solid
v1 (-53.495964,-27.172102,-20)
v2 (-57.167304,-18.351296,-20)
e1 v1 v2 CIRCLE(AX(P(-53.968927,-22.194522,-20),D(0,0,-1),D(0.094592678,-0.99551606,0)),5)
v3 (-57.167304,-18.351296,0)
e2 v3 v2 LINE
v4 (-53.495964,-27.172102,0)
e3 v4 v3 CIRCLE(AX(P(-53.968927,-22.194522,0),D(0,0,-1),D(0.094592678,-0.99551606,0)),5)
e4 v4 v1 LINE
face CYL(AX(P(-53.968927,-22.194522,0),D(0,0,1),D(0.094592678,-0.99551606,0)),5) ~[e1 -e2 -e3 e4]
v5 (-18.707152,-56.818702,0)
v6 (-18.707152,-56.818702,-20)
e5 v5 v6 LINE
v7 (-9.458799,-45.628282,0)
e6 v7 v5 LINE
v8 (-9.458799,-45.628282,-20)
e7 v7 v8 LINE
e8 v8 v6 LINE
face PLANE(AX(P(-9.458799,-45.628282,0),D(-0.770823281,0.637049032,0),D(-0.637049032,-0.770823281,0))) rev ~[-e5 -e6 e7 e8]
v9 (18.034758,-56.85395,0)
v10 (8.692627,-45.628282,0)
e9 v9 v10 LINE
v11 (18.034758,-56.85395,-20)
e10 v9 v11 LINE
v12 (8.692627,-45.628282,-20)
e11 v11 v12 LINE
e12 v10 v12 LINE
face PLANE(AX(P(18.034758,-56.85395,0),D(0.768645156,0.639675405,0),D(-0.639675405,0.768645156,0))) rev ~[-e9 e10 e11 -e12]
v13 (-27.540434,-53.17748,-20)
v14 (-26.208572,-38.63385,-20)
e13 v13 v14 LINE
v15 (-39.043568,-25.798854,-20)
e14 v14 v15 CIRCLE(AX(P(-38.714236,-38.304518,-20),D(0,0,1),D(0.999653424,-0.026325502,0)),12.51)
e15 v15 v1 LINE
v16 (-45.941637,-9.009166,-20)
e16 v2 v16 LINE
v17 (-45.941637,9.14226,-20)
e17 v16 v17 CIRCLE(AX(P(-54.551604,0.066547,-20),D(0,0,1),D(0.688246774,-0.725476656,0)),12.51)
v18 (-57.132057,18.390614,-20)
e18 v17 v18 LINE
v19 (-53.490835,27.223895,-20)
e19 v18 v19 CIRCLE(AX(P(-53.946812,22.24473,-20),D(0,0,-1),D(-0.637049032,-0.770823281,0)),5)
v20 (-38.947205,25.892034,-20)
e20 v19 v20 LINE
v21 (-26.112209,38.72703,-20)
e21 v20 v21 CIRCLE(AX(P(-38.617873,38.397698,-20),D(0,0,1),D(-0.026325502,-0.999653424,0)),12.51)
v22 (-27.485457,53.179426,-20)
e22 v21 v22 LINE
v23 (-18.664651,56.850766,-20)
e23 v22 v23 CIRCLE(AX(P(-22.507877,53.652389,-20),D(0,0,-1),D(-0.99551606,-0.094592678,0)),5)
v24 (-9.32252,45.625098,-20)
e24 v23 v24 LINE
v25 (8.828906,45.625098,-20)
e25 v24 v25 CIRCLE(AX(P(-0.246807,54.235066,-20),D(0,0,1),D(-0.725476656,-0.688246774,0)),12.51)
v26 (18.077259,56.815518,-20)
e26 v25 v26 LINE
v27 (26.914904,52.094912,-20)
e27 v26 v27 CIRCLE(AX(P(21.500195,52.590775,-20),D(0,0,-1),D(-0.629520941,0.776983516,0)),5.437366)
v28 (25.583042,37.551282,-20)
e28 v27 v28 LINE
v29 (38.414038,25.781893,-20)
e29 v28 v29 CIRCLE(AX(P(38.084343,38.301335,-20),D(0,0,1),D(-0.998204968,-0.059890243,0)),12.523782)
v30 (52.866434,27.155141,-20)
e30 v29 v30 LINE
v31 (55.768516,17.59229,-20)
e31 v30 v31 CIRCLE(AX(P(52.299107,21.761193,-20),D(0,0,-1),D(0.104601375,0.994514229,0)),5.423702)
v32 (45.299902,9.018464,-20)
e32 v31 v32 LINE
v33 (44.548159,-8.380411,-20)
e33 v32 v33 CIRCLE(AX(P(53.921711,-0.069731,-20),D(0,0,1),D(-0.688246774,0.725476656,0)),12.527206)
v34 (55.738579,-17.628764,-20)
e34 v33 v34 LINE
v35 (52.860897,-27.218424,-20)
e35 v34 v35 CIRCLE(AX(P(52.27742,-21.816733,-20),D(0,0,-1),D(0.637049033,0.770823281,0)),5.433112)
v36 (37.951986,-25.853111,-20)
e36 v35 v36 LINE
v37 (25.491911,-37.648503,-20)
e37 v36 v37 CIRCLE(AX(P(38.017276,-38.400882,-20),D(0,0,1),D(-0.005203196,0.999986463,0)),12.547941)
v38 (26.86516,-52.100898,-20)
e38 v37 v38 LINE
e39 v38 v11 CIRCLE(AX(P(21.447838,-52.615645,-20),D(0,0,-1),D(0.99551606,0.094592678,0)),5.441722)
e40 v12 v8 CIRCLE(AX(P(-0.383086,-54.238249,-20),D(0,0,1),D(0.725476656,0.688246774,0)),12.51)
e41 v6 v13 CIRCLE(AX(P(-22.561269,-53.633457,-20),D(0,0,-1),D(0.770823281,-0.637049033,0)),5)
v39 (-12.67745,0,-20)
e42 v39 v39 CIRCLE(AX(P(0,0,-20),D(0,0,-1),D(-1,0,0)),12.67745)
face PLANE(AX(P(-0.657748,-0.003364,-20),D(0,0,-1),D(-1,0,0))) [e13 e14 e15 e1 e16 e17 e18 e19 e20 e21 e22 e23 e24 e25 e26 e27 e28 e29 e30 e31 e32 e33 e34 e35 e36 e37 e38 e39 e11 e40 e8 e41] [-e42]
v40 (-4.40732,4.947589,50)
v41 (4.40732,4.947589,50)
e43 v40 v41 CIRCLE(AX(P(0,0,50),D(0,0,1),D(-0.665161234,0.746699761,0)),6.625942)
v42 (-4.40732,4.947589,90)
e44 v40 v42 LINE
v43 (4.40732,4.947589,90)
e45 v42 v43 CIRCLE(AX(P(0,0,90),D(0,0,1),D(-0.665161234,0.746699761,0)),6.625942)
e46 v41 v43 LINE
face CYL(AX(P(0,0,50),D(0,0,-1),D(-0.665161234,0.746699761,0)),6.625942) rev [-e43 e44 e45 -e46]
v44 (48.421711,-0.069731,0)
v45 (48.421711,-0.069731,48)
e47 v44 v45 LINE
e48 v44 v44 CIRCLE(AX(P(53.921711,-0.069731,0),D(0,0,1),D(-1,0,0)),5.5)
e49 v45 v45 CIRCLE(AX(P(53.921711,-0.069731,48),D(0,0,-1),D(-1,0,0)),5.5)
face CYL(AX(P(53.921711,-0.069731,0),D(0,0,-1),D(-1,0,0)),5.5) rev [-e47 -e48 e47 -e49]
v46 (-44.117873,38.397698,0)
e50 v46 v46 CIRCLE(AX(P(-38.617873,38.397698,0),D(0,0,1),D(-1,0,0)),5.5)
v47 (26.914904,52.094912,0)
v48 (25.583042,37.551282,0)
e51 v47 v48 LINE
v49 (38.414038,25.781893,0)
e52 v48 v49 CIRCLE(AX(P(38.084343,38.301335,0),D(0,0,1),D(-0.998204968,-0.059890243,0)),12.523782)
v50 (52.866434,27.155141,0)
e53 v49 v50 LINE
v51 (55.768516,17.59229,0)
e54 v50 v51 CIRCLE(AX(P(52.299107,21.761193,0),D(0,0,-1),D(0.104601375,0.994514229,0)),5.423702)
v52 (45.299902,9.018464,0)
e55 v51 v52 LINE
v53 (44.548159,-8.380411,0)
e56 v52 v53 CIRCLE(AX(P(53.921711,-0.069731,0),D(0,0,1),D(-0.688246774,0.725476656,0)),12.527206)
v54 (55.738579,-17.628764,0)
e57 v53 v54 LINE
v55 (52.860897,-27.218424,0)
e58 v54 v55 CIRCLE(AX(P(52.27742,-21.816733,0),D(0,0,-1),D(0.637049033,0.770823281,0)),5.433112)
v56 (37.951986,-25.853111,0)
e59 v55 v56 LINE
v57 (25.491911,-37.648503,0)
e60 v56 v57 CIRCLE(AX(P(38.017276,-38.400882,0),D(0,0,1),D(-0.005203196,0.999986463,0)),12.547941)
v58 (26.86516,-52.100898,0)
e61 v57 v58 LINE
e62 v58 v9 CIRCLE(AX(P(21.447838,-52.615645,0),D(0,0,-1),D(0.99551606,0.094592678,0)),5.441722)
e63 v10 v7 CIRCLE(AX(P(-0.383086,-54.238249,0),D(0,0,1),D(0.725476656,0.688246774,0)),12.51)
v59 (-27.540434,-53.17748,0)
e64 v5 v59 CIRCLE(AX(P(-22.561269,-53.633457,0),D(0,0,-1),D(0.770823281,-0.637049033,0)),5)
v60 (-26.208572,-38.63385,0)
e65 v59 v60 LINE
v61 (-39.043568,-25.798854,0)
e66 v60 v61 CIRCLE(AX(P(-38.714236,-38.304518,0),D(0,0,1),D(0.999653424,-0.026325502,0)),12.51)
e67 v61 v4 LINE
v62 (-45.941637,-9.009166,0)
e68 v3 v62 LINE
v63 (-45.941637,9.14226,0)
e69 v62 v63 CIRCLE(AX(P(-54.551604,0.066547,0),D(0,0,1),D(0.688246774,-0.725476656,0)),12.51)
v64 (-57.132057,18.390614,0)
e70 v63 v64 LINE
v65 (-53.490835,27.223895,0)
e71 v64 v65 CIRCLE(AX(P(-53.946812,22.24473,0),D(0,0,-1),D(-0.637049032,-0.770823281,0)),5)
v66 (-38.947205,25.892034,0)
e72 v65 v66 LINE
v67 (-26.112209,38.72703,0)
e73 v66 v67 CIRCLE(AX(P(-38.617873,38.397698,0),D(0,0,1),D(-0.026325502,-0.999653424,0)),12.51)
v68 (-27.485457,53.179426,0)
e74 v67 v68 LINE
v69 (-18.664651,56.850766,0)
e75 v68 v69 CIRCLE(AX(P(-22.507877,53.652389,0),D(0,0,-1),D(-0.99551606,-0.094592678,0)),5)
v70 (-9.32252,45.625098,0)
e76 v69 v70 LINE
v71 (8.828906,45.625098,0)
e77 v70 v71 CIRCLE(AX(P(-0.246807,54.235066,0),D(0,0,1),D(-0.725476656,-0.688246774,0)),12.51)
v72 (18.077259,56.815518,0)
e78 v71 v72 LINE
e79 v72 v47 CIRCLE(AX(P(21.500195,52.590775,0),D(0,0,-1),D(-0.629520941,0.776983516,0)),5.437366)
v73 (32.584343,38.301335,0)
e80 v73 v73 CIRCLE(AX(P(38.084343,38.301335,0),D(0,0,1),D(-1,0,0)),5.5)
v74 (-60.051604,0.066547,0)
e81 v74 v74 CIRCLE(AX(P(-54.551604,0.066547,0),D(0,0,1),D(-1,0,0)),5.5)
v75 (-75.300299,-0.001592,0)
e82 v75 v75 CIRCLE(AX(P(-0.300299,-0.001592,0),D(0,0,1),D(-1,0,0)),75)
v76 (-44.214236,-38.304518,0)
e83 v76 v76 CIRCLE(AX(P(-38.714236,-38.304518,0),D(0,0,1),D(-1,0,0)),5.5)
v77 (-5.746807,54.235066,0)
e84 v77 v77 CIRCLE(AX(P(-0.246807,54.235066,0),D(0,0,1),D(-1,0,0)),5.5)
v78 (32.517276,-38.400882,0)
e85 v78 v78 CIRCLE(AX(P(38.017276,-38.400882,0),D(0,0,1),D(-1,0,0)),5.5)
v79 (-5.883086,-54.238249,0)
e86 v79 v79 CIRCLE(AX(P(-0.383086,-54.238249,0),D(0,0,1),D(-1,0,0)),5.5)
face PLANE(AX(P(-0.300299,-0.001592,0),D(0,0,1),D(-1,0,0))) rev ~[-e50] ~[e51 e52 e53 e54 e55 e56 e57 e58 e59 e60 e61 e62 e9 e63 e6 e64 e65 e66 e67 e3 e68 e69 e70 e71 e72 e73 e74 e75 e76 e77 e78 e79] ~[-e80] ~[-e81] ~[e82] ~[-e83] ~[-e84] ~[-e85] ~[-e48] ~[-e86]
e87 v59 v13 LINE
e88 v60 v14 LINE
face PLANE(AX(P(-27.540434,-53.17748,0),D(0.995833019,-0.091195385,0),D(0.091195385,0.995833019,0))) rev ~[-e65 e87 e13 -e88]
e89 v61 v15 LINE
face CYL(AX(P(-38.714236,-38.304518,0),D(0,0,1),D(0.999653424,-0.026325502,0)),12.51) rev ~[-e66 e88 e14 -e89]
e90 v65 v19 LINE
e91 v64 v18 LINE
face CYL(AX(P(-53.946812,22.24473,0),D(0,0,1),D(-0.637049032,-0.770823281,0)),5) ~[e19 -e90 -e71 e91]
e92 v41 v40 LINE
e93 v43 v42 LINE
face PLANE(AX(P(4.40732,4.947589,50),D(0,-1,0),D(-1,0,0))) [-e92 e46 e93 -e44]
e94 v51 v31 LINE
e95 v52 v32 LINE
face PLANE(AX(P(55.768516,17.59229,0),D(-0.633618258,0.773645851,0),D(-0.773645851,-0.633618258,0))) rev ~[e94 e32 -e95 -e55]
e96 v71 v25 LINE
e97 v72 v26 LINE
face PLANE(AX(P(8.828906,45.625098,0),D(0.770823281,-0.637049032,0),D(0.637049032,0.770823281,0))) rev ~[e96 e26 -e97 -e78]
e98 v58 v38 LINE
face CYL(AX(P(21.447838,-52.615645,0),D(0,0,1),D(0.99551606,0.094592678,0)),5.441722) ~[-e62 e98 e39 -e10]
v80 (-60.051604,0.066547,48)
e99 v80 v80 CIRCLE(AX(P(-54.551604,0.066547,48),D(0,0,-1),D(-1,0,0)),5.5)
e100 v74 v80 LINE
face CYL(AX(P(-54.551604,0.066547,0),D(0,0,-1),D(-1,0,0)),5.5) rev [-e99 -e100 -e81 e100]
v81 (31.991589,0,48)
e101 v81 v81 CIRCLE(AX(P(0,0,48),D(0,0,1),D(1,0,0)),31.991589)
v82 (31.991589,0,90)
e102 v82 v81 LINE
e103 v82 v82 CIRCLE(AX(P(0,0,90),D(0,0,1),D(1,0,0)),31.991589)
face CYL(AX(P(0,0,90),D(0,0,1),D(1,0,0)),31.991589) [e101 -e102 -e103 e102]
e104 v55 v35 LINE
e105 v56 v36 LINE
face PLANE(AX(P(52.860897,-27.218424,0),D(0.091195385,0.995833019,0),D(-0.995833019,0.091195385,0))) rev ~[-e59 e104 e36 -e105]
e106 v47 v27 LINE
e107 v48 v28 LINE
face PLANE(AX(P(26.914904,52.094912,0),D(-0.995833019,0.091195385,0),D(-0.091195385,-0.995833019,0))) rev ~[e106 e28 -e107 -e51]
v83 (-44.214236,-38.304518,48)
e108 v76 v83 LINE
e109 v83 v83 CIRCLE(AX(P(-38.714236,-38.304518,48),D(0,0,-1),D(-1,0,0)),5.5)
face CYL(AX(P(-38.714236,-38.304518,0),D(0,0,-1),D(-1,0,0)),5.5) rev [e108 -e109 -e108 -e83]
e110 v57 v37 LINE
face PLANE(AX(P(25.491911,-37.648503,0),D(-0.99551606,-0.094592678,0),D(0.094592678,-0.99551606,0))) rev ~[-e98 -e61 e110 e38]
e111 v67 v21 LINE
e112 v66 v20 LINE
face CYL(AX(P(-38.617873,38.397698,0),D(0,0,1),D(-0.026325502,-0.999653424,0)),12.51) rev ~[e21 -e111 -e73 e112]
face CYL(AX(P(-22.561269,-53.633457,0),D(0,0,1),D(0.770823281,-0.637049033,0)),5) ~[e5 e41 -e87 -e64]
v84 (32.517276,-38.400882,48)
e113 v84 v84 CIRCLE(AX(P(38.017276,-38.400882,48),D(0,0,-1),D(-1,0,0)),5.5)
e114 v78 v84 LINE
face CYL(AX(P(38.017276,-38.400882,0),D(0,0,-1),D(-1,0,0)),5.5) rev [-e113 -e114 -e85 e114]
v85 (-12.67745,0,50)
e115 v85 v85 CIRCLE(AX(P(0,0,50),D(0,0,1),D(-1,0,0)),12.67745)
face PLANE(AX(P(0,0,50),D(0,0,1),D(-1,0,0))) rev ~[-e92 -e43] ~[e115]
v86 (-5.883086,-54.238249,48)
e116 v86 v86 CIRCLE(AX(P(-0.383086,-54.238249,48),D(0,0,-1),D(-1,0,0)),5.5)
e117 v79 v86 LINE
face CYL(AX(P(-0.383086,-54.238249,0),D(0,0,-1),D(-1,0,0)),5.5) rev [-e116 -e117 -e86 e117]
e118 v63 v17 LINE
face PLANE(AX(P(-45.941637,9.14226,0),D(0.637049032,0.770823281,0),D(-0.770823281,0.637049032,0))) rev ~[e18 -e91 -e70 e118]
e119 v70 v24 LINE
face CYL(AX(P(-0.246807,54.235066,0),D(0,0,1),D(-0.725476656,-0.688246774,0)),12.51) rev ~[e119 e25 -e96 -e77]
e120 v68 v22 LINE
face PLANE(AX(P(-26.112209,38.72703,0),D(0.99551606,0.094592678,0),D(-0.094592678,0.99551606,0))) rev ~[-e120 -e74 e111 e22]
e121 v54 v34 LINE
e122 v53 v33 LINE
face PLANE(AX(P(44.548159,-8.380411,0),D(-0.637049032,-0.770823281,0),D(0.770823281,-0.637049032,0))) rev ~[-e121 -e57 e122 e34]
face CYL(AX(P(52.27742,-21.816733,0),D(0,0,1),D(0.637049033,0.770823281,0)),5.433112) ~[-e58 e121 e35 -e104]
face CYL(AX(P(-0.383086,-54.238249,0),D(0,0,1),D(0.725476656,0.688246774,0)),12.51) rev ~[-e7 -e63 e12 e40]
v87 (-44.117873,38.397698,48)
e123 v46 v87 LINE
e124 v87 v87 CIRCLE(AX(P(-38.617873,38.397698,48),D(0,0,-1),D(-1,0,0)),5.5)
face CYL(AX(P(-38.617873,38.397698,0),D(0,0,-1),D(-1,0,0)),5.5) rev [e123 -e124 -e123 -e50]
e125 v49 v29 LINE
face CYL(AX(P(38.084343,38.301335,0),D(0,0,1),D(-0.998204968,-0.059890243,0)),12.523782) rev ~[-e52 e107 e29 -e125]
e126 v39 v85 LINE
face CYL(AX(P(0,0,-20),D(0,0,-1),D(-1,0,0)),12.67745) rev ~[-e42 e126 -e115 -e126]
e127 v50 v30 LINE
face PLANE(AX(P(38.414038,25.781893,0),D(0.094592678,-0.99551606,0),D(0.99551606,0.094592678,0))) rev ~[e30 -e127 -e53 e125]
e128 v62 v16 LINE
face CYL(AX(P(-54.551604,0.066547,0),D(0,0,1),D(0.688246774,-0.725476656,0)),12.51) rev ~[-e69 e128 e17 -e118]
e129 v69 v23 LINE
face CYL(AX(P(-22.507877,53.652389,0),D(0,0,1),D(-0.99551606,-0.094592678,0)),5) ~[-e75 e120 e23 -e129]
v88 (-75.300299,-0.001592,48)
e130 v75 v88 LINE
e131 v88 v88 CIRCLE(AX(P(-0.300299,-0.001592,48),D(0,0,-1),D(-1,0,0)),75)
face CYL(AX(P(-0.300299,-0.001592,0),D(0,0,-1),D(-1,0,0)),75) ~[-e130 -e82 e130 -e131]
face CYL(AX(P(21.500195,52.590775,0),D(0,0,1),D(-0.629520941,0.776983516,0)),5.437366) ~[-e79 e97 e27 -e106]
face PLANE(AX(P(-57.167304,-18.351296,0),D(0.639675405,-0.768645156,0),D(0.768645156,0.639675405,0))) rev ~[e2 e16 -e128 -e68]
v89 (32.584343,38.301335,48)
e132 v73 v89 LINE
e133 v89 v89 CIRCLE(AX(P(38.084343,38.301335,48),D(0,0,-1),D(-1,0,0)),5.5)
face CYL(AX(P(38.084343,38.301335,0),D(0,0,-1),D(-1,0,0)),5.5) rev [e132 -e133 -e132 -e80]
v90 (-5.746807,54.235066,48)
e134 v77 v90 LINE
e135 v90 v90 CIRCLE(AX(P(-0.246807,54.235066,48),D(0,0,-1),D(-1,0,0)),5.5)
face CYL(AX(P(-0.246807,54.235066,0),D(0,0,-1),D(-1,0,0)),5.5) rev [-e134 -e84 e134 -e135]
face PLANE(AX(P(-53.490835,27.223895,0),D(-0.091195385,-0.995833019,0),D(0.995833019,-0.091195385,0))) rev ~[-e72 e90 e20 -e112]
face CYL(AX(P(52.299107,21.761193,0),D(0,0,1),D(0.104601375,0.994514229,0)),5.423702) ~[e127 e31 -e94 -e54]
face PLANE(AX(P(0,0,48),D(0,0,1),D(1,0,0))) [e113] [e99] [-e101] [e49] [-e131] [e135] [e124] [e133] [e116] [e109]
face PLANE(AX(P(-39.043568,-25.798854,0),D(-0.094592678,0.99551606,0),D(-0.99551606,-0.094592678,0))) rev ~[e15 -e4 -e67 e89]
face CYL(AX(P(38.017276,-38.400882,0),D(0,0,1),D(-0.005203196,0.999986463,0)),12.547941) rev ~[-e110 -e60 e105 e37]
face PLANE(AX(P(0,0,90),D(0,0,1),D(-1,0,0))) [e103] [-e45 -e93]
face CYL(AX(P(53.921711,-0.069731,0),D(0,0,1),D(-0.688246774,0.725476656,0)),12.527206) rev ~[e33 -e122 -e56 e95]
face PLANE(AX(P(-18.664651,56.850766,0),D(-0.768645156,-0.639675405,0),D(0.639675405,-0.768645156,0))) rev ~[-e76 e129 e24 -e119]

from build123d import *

# Parameters (mm, degrees)
CROQUIS1_R              = 75
CROQUIS1_R_2            = 5.5
SALIENTE_EXTRUIR2_DEPTH = 90
SALIENTE_EXTRUIR3_DEPTH = 20
CROQUIS3_R              = 12.677450178
CORTAR_EXTRUIR1_DEPTH   = 110
CROQUIS7_R              = 86.720907706
CROQUIS7_R_2            = 31.991589163
CORTAR_EXTRUIR6_DEPTH   = 42
SALIENTE_EXTRUIR5_START = -40
CROQUIS8_R              = 12.677450178
SALIENTE_EXTRUIR5_DEPTH = 40


with BuildPart() as part:
    # Croquis1 → Saliente-Extruir2 (new body)
    with BuildSketch(Plane.XY):
        with Locations(Location((-0.300298633, -0.001591846, 0), (0, 0, 180))):
            Circle(CROQUIS1_R)
        with Locations(Location((38.084343476, 38.301334696, 0), (0, 0, 180))):
            Circle(CROQUIS1_R_2, mode=Mode.SUBTRACT)
        with Locations(Location((53.921710963, -0.069731009, 0), (0, 0, 180))):
            Circle(CROQUIS1_R_2, mode=Mode.SUBTRACT)
        with Locations(Location((38.017275671, -38.400881717, 0), (0, 0, 180))):
            Circle(CROQUIS1_R_2, mode=Mode.SUBTRACT)
        with Locations(Location((-0.383085558, -54.238249204, 0), (0, 0, 180))):
            Circle(CROQUIS1_R_2, mode=Mode.SUBTRACT)
        with Locations(Location((-38.714236265, -38.304518389, 0), (0, 0, 180))):
            Circle(CROQUIS1_R_2, mode=Mode.SUBTRACT)
        with Locations(Location((-54.551603752, 0.066547317, 0), (0, 0, 180))):
            Circle(CROQUIS1_R_2, mode=Mode.SUBTRACT)
        with Locations(Location((-38.617872937, 38.397698024, 0), (0, 0, 180))):
            Circle(CROQUIS1_R_2, mode=Mode.SUBTRACT)
        with Locations(Location((-0.246807232, 54.235065511, 0), (0, 0, 180))):
            Circle(CROQUIS1_R_2, mode=Mode.SUBTRACT)
    extrude(amount=SALIENTE_EXTRUIR2_DEPTH)

    # Croquis2 → Saliente-Extruir3 (add)
    with BuildSketch(Plane(origin=(0, 0, 0), x_dir=(-1, 0, 0), z_dir=(0, 0, -1))):
        with BuildLine():
            Line((26.112208604, 38.727030057), (27.485456967, 53.179425602))
            ThreePointArc((27.485456967, 53.179425602), (24.429171845, 58.268515598), (18.664650888, 56.850766019))
            Line((18.664650888, 56.850766019), (9.322520199, 45.625098372))
            ThreePointArc((9.322520199, 45.625098372), (0.246807232, 41.725065511), (-8.828905735, 45.625098372))
            Line((-8.828905735, 45.625098372), (-18.077259399, 56.815518496))
            ThreePointArc((-18.077259399, 56.815518496), (-24.061995546, 57.38682812), (-26.914903807, 52.094912031))
            Line((-26.914903807, 52.094912031), (-25.583042051, 37.551282353))
            ThreePointArc((-25.583042051, 37.551282353), (-29.618728772, 29.072115687), (-38.414038327, 25.78189313))
            Line((-38.414038327, 25.78189313), (-52.866433872, 27.155141493))
            ThreePointArc((-52.866433872, 27.155141493), (-57.489082017, 23.336218016), (-55.768515975, 17.592290361))
            Line((-55.768515975, 17.592290361), (-45.299902018, 9.018464332))
            ThreePointArc((-45.299902018, 9.018464332), (-41.406181734, 0.471020463), (-44.548158548, -8.380410835))
            Line((-44.548158548, -8.380410835), (-55.738578672, -17.628764499))
            ThreePointArc((-55.738578672, -17.628764499), (-57.481280164, -23.378316923), (-52.860896821, -27.218423606))
            Line((-52.860896821, -27.218423606), (-37.951986277, -25.85311053))
            ThreePointArc((-37.951986277, -25.85311053), (-29.390923032, -29.288425153), (-25.491911386, -37.648502822))
            Line((-25.491911386, -37.648502822), (-26.86515975, -52.100898367))
            ThreePointArc((-26.86515975, -52.100898367), (-24.027008592, -57.407327586), (-18.034758099, -56.853949712))
            Line((-18.034758099, -56.853949712), (-8.692627409, -45.628282064))
            ThreePointArc((-8.692627409, -45.628282064), (0.383085558, -41.728249204), (9.458798525, -45.628282064))
            Line((9.458798525, -45.628282064), (18.707152189, -56.818702189))
            ThreePointArc((18.707152189, -56.818702189), (24.46680217, -58.2561123), (27.540433688, -53.177480099))
            Line((27.540433688, -53.177480099), (26.208571932, -38.633850421))
            ThreePointArc((26.208571932, -38.633850421), (29.868330432, -29.458612556), (39.043568298, -25.798854055))
            Line((39.043568298, -25.798854055), (53.495963843, -27.172102419))
            ThreePointArc((53.495963843, -27.172102419), (58.58505384, -24.115817297), (57.16730426, -18.35129634))
            Line((57.16730426, -18.35129634), (45.941636613, -9.00916565))
            ThreePointArc((45.941636613, -9.00916565), (42.041603752, 0.066547317), (45.941636613, 9.142260284))
            Line((45.941636613, 9.142260284), (57.132056737, 18.390613948))
            ThreePointArc((57.132056737, 18.390613948), (58.569466849, 24.150263929), (53.490834648, 27.223895446))
            Line((53.490834648, 27.223895446), (38.94720497, 25.892033691))
            ThreePointArc((38.94720497, 25.892033691), (29.771967104, 29.551792191), (26.112208604, 38.727030057))
        make_face()
    extrude(amount=SALIENTE_EXTRUIR3_DEPTH)

    # Croquis3 → Cortar-Extruir1 (cut)
    with BuildSketch(Plane(origin=(0, 0, -20), x_dir=(-1, 0, 0), z_dir=(0, 0, -1))):
        Circle(CROQUIS3_R)
    extrude(amount=-CORTAR_EXTRUIR1_DEPTH, mode=Mode.SUBTRACT)

    # Croquis7 → Cortar-Extruir6 (cut)
    with BuildSketch(Plane.XY.offset(90)):
        Circle(CROQUIS7_R)
        Circle(CROQUIS7_R_2, mode=Mode.SUBTRACT)
    extrude(amount=-CORTAR_EXTRUIR6_DEPTH, mode=Mode.SUBTRACT)

    # Croquis8 → Saliente-Extruir5 (add)
    with BuildSketch(Plane.XY.offset(90).offset(SALIENTE_EXTRUIR5_START)):
        with Locations(Location((0, 0, 0), (0, 0, 180))):
            Circle(CROQUIS8_R)
        with BuildLine():
            Line((4.407319519, 4.947589036), (-4.407319519, 4.947589036))
            ThreePointArc((-4.407319519, 4.947589036), (0, -6.62594164), (4.407319519, 4.947589036))
        make_face(mode=Mode.SUBTRACT)
    extrude(amount=SALIENTE_EXTRUIR5_DEPTH)


solid = part.part
